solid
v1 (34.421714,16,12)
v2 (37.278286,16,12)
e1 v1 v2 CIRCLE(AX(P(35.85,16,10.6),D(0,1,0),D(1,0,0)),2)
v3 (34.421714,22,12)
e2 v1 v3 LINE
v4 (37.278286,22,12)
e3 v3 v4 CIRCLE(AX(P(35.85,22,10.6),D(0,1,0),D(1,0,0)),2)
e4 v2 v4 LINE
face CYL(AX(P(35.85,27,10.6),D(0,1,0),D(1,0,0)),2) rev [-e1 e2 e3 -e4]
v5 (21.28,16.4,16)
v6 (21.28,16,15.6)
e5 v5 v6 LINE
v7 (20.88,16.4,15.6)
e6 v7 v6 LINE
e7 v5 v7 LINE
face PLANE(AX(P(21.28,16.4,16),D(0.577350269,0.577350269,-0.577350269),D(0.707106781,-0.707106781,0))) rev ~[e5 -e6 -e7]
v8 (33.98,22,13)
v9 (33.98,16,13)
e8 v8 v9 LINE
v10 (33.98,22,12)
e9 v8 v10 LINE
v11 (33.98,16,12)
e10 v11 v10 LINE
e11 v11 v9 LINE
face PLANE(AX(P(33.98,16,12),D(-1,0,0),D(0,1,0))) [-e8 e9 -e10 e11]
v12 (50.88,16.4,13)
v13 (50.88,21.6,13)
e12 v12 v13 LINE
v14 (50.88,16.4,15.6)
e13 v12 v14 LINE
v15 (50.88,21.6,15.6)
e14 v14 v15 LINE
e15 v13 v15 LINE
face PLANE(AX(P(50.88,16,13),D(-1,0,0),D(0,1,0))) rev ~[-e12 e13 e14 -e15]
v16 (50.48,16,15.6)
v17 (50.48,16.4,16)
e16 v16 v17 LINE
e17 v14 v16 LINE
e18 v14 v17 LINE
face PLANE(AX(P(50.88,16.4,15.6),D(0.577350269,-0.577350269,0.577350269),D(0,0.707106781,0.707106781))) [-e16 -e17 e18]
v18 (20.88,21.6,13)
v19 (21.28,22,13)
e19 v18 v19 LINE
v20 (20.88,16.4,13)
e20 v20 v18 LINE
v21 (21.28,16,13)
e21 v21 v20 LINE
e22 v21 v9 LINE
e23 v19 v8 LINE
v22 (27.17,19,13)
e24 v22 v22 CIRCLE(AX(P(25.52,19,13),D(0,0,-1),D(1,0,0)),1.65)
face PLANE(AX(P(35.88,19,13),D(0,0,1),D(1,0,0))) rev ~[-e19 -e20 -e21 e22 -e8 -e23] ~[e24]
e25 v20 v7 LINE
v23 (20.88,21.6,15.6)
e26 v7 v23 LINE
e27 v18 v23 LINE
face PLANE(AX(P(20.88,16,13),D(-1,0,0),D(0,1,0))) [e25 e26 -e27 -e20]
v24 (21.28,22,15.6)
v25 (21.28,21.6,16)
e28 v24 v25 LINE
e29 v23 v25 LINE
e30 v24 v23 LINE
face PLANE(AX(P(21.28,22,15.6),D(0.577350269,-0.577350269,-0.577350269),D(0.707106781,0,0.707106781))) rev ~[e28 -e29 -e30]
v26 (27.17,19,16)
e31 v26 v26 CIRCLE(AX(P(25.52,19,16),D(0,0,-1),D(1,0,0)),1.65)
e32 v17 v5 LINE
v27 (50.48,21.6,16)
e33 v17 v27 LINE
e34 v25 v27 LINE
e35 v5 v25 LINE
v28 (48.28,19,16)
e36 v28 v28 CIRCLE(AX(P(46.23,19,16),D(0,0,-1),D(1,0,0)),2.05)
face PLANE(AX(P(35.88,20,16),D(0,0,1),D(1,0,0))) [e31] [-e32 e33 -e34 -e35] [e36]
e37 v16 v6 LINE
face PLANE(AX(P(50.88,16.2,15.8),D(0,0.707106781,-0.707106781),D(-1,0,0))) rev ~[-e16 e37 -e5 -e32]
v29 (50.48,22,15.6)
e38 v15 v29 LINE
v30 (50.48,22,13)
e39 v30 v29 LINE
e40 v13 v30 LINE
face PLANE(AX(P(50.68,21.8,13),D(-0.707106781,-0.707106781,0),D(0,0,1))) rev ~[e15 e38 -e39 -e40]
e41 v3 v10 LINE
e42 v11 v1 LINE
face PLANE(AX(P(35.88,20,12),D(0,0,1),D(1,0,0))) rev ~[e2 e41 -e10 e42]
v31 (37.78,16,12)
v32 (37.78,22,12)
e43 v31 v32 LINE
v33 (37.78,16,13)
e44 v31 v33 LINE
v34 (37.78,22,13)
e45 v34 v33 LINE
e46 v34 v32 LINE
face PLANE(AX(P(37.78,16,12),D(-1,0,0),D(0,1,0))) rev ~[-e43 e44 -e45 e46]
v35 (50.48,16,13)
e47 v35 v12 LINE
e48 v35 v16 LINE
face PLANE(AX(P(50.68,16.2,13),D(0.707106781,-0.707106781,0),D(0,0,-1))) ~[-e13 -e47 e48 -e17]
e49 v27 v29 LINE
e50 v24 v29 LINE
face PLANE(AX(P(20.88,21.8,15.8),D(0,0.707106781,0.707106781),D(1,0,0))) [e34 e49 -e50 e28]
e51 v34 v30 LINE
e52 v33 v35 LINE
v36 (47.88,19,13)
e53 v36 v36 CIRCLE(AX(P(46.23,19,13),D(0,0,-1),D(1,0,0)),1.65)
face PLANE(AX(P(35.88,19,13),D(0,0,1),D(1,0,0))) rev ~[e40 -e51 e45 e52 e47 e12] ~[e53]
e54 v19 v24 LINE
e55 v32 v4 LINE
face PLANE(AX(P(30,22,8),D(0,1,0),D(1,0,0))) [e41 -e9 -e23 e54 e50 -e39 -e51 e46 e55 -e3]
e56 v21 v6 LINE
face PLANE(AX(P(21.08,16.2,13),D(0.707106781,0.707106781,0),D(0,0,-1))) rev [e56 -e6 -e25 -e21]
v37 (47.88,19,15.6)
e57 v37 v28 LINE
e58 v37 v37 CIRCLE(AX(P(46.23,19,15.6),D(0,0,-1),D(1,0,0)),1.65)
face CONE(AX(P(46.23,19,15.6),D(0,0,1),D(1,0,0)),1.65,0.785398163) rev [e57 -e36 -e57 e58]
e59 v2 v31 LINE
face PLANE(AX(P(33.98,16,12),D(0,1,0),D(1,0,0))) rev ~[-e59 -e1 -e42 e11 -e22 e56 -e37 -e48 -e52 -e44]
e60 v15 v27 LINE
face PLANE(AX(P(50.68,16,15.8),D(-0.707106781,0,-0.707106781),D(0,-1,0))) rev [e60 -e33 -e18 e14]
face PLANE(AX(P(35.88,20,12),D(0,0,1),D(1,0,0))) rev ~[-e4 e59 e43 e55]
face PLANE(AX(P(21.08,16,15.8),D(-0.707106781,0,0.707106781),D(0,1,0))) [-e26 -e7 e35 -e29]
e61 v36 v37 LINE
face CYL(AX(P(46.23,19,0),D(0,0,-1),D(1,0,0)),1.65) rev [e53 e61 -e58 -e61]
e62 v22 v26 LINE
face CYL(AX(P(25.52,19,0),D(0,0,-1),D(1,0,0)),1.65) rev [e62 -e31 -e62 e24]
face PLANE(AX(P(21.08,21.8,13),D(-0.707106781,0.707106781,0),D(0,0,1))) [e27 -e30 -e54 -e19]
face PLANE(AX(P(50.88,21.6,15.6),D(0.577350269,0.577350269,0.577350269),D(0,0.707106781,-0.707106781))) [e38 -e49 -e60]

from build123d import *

# Parameters (mm, degrees)
BOX019_W           = 10
BOX019_H           = 10
BOX019_DEPTH       = 10
CYLINDER008_R      = 2
CYLINDER008_DEPTH  = 32
BOX013_W           = 3.8
BOX013_H           = 8
BOX013_DEPTH       = 4
CYLINDER010_R      = 1.65
CYLINDER010_DEPTH  = 30
CYLINDER009_R      = 1.65
CYLINDER009_DEPTH  = 30
BOX012_W           = 30
BOX012_H           = 6
BOX012_DEPTH       = 3
CHAMFER002004_SIZE = 0.4


with BuildPart() as cube019:
    # Box019 → Box019 (new body)
    with BuildSketch(Plane(origin=(30, 23, 8), x_dir=(1, 0, 0), z_dir=(0, 0, 1))):
        with Locations((5, 5)):
            Rectangle(BOX019_W, BOX019_H)
    extrude(amount=BOX019_DEPTH)


with BuildPart() as ptfe_tube_pref002:
    # Cylinder008 → Cylinder008 (new body)
    with BuildSketch(Plane(origin=(35.85, 27, 10.6), x_dir=(1, 0, 0), z_dir=(0, -1, 0))):
        Circle(CYLINDER008_R)
    extrude(amount=CYLINDER008_DEPTH)


with BuildPart() as cut001012003011002008006003:
    # Box013 → Box013 (new body)
    with BuildSketch(Plane(origin=(33.98, 16, 12), x_dir=(1, 0, 0), z_dir=(0, 0, 1))):
        with Locations((1.9, 4)):
            Rectangle(BOX013_W, BOX013_H)
    extrude(amount=BOX013_DEPTH)

    # Cut001008: cut ptfe-tube-pref002
    add(ptfe_tube_pref002.part, mode=Mode.SUBTRACT)


with BuildPart() as cut001012003011002008006003_1:
    # Cut001008 placement: moved
    add(cut001012003011002008006003.part.moved(Location((0, 1, 0))))

    # Cut001012003011002008006003: cut Cube019
    add(cube019.part, mode=Mode.SUBTRACT)


with BuildPart() as cylinder003:
    # Cylinder010 → Cylinder010 (new body)
    with BuildSketch(Plane(origin=(46.23, 20, 0), x_dir=(1, 0, 0), z_dir=(0, 0, 1))):
        Circle(CYLINDER010_R)
    extrude(amount=CYLINDER010_DEPTH)


with BuildPart() as fusion002005:
    # Cylinder009 → Cylinder009 (new body)
    with BuildSketch(Plane(origin=(25.52, 20, 0), x_dir=(1, 0, 0), z_dir=(0, 0, 1))):
        Circle(CYLINDER009_R)
    extrude(amount=CYLINDER009_DEPTH)

    # Fusion002005: union Cylinder003
    add(cylinder003.part)


with BuildPart() as cutter_cap:
    # Box012 → Box012 (new body)
    with BuildSketch(Plane(origin=(20.88, 17, 13), x_dir=(1, 0, 0), z_dir=(0, 0, 1))):
        with Locations((15, 3)):
            Rectangle(BOX012_W, BOX012_H)
    extrude(amount=BOX012_DEPTH)

    # Cut001012003011002008006004: cut Fusion002005
    add(fusion002005.part, mode=Mode.SUBTRACT)

    # Fusion002009: union Cut001012003011002008006003
    add(cut001012003011002008006003_1.part)

    # Chamfer002004
    chamfer002004_edges = [cutter_cap.edges().sort_by_distance(p)[0] for p in [
        (20.88, 17, 14.5),
        (20.88, 20, 16),
        (20.88, 23, 14.5),
        (27.43, 17, 16),
        (27.43, 23, 16),
        (35.88, 17, 16),
        (35.88, 23, 16),
        (50.88, 17, 14.5),
        (44.33, 17, 16),
        (44.33, 23, 16),
        (50.88, 20, 16),
        (44.58, 20, 16),
        (50.88, 23, 14.5),
    ]]
    chamfer(chamfer002004_edges, length=CHAMFER002004_SIZE)


with BuildPart() as cutter_cap_1:
    # Chamfer002004 placement: moved
    add(cutter_cap.part.moved(Location((0, -1, 0))))


solid = cutter_cap_1.part
